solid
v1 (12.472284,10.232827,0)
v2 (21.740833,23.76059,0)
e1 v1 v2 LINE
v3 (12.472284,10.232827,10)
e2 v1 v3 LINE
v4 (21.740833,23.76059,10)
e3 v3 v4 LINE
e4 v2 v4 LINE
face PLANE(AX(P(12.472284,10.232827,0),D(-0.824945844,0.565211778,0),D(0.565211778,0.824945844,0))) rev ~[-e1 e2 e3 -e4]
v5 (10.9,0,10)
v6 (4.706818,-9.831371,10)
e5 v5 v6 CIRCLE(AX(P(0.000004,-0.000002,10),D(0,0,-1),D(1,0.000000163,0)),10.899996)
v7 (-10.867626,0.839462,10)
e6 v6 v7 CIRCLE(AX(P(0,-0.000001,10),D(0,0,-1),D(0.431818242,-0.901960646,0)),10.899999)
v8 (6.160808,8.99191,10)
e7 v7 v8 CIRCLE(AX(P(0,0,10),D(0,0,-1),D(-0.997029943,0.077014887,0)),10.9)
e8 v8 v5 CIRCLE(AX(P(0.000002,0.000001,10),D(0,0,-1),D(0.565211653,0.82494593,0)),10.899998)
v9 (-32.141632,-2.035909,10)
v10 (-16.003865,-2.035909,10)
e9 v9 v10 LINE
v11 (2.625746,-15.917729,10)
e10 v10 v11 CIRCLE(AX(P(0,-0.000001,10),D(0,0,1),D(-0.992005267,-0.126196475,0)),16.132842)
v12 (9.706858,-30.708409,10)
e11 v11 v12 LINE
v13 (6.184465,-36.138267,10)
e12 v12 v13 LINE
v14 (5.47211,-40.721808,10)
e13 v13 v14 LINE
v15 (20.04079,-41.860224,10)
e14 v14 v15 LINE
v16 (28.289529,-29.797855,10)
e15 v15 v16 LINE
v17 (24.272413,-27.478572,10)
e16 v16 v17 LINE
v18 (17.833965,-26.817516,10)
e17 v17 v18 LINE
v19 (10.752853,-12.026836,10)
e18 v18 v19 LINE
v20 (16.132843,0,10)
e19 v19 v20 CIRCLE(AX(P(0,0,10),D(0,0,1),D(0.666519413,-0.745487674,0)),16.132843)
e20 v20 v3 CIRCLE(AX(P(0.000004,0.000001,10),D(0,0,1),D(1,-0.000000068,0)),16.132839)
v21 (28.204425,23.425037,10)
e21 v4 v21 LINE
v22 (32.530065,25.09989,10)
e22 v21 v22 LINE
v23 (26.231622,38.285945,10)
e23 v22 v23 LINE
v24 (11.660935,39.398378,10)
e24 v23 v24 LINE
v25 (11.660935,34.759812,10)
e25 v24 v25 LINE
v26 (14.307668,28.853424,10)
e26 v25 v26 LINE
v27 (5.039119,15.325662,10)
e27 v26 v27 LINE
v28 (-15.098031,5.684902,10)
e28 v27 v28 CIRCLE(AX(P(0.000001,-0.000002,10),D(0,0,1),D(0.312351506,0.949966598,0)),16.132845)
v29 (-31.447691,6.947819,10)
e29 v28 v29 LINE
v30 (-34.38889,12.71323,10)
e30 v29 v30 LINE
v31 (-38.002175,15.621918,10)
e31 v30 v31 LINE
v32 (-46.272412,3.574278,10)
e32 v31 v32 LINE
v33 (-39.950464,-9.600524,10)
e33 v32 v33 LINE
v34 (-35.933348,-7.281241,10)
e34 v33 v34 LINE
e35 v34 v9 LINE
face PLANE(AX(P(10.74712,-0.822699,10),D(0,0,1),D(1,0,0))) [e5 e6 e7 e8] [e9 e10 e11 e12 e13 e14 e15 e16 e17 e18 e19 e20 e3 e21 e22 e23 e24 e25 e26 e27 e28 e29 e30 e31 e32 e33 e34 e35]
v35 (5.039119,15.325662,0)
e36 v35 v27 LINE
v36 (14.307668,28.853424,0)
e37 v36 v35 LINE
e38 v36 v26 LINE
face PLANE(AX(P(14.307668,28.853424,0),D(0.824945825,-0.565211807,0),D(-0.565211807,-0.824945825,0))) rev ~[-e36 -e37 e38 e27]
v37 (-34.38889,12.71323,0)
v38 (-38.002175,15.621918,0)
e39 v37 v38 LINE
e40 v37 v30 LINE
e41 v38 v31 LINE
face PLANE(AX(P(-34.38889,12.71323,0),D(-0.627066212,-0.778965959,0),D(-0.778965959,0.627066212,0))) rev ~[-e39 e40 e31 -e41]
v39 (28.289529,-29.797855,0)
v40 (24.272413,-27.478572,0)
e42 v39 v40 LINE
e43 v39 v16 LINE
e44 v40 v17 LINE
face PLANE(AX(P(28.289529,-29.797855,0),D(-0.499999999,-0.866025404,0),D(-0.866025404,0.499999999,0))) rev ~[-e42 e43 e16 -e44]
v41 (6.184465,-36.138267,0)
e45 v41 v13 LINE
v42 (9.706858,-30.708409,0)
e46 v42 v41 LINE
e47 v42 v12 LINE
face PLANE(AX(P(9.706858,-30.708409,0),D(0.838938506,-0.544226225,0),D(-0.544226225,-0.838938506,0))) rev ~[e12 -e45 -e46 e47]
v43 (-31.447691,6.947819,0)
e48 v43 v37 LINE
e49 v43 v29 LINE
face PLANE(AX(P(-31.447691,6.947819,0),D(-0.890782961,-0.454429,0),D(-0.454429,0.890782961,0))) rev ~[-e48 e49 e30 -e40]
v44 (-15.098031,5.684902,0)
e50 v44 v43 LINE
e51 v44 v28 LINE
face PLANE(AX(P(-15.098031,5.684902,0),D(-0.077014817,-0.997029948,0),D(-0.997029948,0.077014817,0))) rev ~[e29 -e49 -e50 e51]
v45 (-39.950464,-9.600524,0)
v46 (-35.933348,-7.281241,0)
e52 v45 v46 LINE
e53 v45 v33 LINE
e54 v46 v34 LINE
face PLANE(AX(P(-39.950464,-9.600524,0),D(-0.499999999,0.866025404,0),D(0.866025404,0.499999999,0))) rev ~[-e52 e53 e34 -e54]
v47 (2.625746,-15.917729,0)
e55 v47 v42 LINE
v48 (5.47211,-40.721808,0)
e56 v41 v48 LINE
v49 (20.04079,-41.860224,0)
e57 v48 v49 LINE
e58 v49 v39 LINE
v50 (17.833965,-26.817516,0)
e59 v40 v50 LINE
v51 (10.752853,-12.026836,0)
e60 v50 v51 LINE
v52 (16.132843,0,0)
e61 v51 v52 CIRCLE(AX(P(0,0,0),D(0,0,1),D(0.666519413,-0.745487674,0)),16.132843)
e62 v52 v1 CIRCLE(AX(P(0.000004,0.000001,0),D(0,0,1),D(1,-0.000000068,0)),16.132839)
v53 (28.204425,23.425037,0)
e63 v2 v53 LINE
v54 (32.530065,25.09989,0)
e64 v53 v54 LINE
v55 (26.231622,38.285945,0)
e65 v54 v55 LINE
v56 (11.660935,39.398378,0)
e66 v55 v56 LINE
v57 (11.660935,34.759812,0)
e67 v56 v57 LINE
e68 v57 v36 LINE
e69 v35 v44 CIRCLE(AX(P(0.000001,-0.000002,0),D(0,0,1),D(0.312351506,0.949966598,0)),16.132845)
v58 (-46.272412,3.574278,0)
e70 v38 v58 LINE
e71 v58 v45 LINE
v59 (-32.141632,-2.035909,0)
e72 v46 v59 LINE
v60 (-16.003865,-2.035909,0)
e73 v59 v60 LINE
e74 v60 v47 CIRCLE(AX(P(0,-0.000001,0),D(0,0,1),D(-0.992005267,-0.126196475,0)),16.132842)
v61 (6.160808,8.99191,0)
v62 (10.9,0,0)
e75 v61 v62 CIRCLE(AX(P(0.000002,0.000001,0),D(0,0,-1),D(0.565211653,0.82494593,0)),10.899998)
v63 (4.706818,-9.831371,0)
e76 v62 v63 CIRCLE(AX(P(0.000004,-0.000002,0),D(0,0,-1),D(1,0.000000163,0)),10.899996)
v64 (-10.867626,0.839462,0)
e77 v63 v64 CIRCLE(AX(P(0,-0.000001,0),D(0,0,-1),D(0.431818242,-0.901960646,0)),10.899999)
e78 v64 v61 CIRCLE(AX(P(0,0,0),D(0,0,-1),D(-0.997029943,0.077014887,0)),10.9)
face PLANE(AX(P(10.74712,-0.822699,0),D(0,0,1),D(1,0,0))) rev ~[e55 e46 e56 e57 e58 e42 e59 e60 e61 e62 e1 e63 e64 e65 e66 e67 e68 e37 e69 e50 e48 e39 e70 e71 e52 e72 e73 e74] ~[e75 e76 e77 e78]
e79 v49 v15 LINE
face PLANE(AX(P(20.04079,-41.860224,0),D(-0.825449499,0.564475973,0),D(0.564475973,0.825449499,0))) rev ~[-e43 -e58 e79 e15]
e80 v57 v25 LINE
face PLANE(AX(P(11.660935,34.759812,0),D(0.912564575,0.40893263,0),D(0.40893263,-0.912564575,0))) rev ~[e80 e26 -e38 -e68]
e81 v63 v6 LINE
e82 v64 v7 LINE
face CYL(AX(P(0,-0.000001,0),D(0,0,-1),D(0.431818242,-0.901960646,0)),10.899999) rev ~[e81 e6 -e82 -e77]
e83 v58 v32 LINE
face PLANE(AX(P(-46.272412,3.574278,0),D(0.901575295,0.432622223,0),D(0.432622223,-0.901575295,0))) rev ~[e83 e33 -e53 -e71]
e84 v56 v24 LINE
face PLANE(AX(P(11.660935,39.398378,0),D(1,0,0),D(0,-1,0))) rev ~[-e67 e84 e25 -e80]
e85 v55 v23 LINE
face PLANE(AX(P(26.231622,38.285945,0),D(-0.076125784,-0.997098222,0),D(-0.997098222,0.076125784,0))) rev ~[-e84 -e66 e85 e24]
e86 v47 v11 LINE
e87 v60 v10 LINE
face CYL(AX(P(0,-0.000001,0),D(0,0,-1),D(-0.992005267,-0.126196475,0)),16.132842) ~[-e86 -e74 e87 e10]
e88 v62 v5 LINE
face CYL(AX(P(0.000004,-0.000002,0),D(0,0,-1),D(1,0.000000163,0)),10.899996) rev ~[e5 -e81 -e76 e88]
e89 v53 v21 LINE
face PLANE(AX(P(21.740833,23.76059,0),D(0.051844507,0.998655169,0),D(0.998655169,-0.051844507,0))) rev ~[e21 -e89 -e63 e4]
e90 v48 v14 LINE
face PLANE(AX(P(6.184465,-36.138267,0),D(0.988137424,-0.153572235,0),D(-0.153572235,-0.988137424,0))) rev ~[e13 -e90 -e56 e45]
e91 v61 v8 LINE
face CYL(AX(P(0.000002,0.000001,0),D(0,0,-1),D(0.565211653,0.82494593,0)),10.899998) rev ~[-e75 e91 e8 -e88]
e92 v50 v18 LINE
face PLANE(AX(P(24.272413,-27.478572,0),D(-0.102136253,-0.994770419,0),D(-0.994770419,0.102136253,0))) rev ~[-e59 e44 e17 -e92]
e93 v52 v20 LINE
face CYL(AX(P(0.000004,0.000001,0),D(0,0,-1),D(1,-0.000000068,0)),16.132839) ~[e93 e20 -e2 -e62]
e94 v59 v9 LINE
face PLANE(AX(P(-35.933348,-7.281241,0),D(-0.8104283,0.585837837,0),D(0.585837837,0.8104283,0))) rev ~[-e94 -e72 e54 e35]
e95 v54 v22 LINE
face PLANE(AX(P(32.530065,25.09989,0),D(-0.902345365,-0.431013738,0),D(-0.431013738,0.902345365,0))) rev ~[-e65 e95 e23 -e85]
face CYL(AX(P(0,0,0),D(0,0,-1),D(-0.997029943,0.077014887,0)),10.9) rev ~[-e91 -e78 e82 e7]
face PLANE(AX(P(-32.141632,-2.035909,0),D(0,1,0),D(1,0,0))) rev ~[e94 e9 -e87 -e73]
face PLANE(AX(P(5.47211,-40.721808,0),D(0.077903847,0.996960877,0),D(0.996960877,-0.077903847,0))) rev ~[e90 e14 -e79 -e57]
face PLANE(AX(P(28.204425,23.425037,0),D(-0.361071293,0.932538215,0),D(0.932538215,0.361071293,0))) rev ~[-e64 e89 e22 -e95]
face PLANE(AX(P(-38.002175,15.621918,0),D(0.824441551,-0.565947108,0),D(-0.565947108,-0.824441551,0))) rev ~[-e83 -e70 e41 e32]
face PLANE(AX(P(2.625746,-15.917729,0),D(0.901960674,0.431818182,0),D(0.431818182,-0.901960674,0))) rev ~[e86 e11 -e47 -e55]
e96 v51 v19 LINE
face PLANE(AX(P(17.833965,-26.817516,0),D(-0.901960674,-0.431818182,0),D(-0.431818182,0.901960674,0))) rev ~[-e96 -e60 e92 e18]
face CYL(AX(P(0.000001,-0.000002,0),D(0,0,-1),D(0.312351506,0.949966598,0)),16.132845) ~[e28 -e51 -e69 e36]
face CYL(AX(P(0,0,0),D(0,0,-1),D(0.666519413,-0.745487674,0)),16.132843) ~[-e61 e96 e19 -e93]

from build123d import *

# Parameters (mm, degrees)
F1_DEPTH = 10


with BuildPart() as f1:
    # F0 (on Top) → F1 (new body)
    with BuildSketch(Plane.XY):
        with BuildLine():
            ThreePointArc((10.752853, -12.026836), (14.726553, -6.58766), (16.132843, 0))
            ThreePointArc((16.132843, 0), (15.190162, 5.433931), (12.472284, 10.232827))
            ThreePointArc((12.472284, 10.232827), (10.904379, 11.889624), (9.118473, 13.308722))
            Line((9.118473, 13.308722), (6.160808, 8.99191))
            ThreePointArc((6.160808, 8.99191), (9.642687, 5.082184), (10.9, 0))
            ThreePointArc((10.9, 0), (9.222644, -5.80972), (4.706818, -9.831371))
            Line((4.706818, -9.831371), (6.966455, -14.55119))
            ThreePointArc((6.966455, -14.55119), (8.949109, -13.423192), (10.752853, -12.026836))
        make_face()
        with BuildLine():
            ThreePointArc((9.118473, 13.308722), (10.904379, 11.889624), (12.472284, 10.232827))
            Line((12.472284, 10.232827), (21.740833, 23.76059))
            Line((21.740833, 23.76059), (18.02425, 26.307007))
            Line((18.02425, 26.307007), (9.118473, 13.308722))
        make_face()
        with BuildLine():
            Line((17.833965, -26.817516), (10.752853, -12.026836))
            ThreePointArc((10.752853, -12.026836), (8.949109, -13.423192), (6.966455, -14.55119))
            Line((6.966455, -14.55119), (13.770411, -28.762962))
            Line((13.770411, -28.762962), (17.833965, -26.817516))
        make_face()
        with BuildLine():
            Line((6.160808, 8.99191), (9.118473, 13.308722))
            ThreePointArc((9.118473, 13.308722), (7.15027, 14.461752), (5.039119, 15.325662))
            ThreePointArc((5.039119, 15.325662), (-6.966455, 14.55119), (-15.098031, 5.684902))
            ThreePointArc((-15.098031, 5.684902), (-15.748906, 3.498658), (-16.084928, 1.242468))
            Line((-16.084928, 1.242468), (-10.867626, 0.839462))
            ThreePointArc((-10.867626, 0.839462), (-4.706818, 9.831371), (6.160808, 8.99191))
        make_face()
        with BuildLine():
            ThreePointArc((5.039119, 15.325662), (7.15027, 14.461752), (9.118473, 13.308722))
            Line((9.118473, 13.308722), (18.02425, 26.307007))
            Line((18.02425, 26.307007), (14.307668, 28.853424))
            Line((14.307668, 28.853424), (5.039119, 15.325662))
        make_face()
        Polygon((18.02425, 26.307007), (21.740833, 23.76059), (28.204425, 23.425037), (32.530065, 25.09989), (26.231622, 38.285945), align=None)
        with BuildLine():
            Line((13.770411, -28.762962), (6.966455, -14.55119))
            ThreePointArc((6.966455, -14.55119), (4.844526, -15.388281), (2.625746, -15.917729))
            Line((2.625746, -15.917729), (9.706858, -30.708409))
            Line((9.706858, -30.708409), (13.770411, -28.762962))
        make_face()
        with BuildLine():
            ThreePointArc((2.625746, -15.917729), (4.844526, -15.388281), (6.966455, -14.55119))
            Line((6.966455, -14.55119), (4.706818, -9.831371))
            ThreePointArc((4.706818, -9.831371), (-6.160808, -8.99191), (-10.867626, 0.839462))
            Line((-10.867626, 0.839462), (-16.084928, 1.242468))
            ThreePointArc((-16.084928, 1.242468), (-16.127914, -0.398785), (-16.003865, -2.035909))
            ThreePointArc((-16.003865, -2.035909), (-9.639489, -12.93634), (2.625746, -15.917729))
        make_face()
        Polygon((24.272413, -27.478572), (17.833965, -26.817516), (13.770411, -28.762962), (20.04079, -41.860224), (28.289529, -29.797855), align=None)
        Polygon((14.307668, 28.853424), (18.02425, 26.307007), (26.231622, 38.285945), (11.660935, 39.398378), (11.660935, 34.759812), align=None)
        Polygon((20.04079, -41.860224), (13.770411, -28.762962), (9.706858, -30.708409), (6.184465, -36.138267), (5.47211, -40.721808), align=None)
        with BuildLine():
            ThreePointArc((-16.084928, 1.242468), (-15.748906, 3.498658), (-15.098031, 5.684902))
            Line((-15.098031, 5.684902), (-31.447691, 6.947819))
            Line((-31.447691, 6.947819), (-31.794661, 2.455955))
            Line((-31.794661, 2.455955), (-16.084928, 1.242468))
        make_face()
        with BuildLine():
            Line((-32.141632, -2.035909), (-16.003865, -2.035909))
            ThreePointArc((-16.003865, -2.035909), (-16.127914, -0.398785), (-16.084928, 1.242468))
            Line((-16.084928, 1.242468), (-31.794661, 2.455955))
            Line((-31.794661, 2.455955), (-32.141632, -2.035909))
        make_face()
        Polygon((-31.794661, 2.455955), (-31.447691, 6.947819), (-34.38889, 12.71323), (-38.002175, 15.621918), (-46.272412, 3.574278), align=None)
        Polygon((-35.933348, -7.281241), (-32.141632, -2.035909), (-31.794661, 2.455955), (-46.272412, 3.574278), (-39.950464, -9.600524), align=None)
    extrude(amount=F1_DEPTH)


solid = f1.part
